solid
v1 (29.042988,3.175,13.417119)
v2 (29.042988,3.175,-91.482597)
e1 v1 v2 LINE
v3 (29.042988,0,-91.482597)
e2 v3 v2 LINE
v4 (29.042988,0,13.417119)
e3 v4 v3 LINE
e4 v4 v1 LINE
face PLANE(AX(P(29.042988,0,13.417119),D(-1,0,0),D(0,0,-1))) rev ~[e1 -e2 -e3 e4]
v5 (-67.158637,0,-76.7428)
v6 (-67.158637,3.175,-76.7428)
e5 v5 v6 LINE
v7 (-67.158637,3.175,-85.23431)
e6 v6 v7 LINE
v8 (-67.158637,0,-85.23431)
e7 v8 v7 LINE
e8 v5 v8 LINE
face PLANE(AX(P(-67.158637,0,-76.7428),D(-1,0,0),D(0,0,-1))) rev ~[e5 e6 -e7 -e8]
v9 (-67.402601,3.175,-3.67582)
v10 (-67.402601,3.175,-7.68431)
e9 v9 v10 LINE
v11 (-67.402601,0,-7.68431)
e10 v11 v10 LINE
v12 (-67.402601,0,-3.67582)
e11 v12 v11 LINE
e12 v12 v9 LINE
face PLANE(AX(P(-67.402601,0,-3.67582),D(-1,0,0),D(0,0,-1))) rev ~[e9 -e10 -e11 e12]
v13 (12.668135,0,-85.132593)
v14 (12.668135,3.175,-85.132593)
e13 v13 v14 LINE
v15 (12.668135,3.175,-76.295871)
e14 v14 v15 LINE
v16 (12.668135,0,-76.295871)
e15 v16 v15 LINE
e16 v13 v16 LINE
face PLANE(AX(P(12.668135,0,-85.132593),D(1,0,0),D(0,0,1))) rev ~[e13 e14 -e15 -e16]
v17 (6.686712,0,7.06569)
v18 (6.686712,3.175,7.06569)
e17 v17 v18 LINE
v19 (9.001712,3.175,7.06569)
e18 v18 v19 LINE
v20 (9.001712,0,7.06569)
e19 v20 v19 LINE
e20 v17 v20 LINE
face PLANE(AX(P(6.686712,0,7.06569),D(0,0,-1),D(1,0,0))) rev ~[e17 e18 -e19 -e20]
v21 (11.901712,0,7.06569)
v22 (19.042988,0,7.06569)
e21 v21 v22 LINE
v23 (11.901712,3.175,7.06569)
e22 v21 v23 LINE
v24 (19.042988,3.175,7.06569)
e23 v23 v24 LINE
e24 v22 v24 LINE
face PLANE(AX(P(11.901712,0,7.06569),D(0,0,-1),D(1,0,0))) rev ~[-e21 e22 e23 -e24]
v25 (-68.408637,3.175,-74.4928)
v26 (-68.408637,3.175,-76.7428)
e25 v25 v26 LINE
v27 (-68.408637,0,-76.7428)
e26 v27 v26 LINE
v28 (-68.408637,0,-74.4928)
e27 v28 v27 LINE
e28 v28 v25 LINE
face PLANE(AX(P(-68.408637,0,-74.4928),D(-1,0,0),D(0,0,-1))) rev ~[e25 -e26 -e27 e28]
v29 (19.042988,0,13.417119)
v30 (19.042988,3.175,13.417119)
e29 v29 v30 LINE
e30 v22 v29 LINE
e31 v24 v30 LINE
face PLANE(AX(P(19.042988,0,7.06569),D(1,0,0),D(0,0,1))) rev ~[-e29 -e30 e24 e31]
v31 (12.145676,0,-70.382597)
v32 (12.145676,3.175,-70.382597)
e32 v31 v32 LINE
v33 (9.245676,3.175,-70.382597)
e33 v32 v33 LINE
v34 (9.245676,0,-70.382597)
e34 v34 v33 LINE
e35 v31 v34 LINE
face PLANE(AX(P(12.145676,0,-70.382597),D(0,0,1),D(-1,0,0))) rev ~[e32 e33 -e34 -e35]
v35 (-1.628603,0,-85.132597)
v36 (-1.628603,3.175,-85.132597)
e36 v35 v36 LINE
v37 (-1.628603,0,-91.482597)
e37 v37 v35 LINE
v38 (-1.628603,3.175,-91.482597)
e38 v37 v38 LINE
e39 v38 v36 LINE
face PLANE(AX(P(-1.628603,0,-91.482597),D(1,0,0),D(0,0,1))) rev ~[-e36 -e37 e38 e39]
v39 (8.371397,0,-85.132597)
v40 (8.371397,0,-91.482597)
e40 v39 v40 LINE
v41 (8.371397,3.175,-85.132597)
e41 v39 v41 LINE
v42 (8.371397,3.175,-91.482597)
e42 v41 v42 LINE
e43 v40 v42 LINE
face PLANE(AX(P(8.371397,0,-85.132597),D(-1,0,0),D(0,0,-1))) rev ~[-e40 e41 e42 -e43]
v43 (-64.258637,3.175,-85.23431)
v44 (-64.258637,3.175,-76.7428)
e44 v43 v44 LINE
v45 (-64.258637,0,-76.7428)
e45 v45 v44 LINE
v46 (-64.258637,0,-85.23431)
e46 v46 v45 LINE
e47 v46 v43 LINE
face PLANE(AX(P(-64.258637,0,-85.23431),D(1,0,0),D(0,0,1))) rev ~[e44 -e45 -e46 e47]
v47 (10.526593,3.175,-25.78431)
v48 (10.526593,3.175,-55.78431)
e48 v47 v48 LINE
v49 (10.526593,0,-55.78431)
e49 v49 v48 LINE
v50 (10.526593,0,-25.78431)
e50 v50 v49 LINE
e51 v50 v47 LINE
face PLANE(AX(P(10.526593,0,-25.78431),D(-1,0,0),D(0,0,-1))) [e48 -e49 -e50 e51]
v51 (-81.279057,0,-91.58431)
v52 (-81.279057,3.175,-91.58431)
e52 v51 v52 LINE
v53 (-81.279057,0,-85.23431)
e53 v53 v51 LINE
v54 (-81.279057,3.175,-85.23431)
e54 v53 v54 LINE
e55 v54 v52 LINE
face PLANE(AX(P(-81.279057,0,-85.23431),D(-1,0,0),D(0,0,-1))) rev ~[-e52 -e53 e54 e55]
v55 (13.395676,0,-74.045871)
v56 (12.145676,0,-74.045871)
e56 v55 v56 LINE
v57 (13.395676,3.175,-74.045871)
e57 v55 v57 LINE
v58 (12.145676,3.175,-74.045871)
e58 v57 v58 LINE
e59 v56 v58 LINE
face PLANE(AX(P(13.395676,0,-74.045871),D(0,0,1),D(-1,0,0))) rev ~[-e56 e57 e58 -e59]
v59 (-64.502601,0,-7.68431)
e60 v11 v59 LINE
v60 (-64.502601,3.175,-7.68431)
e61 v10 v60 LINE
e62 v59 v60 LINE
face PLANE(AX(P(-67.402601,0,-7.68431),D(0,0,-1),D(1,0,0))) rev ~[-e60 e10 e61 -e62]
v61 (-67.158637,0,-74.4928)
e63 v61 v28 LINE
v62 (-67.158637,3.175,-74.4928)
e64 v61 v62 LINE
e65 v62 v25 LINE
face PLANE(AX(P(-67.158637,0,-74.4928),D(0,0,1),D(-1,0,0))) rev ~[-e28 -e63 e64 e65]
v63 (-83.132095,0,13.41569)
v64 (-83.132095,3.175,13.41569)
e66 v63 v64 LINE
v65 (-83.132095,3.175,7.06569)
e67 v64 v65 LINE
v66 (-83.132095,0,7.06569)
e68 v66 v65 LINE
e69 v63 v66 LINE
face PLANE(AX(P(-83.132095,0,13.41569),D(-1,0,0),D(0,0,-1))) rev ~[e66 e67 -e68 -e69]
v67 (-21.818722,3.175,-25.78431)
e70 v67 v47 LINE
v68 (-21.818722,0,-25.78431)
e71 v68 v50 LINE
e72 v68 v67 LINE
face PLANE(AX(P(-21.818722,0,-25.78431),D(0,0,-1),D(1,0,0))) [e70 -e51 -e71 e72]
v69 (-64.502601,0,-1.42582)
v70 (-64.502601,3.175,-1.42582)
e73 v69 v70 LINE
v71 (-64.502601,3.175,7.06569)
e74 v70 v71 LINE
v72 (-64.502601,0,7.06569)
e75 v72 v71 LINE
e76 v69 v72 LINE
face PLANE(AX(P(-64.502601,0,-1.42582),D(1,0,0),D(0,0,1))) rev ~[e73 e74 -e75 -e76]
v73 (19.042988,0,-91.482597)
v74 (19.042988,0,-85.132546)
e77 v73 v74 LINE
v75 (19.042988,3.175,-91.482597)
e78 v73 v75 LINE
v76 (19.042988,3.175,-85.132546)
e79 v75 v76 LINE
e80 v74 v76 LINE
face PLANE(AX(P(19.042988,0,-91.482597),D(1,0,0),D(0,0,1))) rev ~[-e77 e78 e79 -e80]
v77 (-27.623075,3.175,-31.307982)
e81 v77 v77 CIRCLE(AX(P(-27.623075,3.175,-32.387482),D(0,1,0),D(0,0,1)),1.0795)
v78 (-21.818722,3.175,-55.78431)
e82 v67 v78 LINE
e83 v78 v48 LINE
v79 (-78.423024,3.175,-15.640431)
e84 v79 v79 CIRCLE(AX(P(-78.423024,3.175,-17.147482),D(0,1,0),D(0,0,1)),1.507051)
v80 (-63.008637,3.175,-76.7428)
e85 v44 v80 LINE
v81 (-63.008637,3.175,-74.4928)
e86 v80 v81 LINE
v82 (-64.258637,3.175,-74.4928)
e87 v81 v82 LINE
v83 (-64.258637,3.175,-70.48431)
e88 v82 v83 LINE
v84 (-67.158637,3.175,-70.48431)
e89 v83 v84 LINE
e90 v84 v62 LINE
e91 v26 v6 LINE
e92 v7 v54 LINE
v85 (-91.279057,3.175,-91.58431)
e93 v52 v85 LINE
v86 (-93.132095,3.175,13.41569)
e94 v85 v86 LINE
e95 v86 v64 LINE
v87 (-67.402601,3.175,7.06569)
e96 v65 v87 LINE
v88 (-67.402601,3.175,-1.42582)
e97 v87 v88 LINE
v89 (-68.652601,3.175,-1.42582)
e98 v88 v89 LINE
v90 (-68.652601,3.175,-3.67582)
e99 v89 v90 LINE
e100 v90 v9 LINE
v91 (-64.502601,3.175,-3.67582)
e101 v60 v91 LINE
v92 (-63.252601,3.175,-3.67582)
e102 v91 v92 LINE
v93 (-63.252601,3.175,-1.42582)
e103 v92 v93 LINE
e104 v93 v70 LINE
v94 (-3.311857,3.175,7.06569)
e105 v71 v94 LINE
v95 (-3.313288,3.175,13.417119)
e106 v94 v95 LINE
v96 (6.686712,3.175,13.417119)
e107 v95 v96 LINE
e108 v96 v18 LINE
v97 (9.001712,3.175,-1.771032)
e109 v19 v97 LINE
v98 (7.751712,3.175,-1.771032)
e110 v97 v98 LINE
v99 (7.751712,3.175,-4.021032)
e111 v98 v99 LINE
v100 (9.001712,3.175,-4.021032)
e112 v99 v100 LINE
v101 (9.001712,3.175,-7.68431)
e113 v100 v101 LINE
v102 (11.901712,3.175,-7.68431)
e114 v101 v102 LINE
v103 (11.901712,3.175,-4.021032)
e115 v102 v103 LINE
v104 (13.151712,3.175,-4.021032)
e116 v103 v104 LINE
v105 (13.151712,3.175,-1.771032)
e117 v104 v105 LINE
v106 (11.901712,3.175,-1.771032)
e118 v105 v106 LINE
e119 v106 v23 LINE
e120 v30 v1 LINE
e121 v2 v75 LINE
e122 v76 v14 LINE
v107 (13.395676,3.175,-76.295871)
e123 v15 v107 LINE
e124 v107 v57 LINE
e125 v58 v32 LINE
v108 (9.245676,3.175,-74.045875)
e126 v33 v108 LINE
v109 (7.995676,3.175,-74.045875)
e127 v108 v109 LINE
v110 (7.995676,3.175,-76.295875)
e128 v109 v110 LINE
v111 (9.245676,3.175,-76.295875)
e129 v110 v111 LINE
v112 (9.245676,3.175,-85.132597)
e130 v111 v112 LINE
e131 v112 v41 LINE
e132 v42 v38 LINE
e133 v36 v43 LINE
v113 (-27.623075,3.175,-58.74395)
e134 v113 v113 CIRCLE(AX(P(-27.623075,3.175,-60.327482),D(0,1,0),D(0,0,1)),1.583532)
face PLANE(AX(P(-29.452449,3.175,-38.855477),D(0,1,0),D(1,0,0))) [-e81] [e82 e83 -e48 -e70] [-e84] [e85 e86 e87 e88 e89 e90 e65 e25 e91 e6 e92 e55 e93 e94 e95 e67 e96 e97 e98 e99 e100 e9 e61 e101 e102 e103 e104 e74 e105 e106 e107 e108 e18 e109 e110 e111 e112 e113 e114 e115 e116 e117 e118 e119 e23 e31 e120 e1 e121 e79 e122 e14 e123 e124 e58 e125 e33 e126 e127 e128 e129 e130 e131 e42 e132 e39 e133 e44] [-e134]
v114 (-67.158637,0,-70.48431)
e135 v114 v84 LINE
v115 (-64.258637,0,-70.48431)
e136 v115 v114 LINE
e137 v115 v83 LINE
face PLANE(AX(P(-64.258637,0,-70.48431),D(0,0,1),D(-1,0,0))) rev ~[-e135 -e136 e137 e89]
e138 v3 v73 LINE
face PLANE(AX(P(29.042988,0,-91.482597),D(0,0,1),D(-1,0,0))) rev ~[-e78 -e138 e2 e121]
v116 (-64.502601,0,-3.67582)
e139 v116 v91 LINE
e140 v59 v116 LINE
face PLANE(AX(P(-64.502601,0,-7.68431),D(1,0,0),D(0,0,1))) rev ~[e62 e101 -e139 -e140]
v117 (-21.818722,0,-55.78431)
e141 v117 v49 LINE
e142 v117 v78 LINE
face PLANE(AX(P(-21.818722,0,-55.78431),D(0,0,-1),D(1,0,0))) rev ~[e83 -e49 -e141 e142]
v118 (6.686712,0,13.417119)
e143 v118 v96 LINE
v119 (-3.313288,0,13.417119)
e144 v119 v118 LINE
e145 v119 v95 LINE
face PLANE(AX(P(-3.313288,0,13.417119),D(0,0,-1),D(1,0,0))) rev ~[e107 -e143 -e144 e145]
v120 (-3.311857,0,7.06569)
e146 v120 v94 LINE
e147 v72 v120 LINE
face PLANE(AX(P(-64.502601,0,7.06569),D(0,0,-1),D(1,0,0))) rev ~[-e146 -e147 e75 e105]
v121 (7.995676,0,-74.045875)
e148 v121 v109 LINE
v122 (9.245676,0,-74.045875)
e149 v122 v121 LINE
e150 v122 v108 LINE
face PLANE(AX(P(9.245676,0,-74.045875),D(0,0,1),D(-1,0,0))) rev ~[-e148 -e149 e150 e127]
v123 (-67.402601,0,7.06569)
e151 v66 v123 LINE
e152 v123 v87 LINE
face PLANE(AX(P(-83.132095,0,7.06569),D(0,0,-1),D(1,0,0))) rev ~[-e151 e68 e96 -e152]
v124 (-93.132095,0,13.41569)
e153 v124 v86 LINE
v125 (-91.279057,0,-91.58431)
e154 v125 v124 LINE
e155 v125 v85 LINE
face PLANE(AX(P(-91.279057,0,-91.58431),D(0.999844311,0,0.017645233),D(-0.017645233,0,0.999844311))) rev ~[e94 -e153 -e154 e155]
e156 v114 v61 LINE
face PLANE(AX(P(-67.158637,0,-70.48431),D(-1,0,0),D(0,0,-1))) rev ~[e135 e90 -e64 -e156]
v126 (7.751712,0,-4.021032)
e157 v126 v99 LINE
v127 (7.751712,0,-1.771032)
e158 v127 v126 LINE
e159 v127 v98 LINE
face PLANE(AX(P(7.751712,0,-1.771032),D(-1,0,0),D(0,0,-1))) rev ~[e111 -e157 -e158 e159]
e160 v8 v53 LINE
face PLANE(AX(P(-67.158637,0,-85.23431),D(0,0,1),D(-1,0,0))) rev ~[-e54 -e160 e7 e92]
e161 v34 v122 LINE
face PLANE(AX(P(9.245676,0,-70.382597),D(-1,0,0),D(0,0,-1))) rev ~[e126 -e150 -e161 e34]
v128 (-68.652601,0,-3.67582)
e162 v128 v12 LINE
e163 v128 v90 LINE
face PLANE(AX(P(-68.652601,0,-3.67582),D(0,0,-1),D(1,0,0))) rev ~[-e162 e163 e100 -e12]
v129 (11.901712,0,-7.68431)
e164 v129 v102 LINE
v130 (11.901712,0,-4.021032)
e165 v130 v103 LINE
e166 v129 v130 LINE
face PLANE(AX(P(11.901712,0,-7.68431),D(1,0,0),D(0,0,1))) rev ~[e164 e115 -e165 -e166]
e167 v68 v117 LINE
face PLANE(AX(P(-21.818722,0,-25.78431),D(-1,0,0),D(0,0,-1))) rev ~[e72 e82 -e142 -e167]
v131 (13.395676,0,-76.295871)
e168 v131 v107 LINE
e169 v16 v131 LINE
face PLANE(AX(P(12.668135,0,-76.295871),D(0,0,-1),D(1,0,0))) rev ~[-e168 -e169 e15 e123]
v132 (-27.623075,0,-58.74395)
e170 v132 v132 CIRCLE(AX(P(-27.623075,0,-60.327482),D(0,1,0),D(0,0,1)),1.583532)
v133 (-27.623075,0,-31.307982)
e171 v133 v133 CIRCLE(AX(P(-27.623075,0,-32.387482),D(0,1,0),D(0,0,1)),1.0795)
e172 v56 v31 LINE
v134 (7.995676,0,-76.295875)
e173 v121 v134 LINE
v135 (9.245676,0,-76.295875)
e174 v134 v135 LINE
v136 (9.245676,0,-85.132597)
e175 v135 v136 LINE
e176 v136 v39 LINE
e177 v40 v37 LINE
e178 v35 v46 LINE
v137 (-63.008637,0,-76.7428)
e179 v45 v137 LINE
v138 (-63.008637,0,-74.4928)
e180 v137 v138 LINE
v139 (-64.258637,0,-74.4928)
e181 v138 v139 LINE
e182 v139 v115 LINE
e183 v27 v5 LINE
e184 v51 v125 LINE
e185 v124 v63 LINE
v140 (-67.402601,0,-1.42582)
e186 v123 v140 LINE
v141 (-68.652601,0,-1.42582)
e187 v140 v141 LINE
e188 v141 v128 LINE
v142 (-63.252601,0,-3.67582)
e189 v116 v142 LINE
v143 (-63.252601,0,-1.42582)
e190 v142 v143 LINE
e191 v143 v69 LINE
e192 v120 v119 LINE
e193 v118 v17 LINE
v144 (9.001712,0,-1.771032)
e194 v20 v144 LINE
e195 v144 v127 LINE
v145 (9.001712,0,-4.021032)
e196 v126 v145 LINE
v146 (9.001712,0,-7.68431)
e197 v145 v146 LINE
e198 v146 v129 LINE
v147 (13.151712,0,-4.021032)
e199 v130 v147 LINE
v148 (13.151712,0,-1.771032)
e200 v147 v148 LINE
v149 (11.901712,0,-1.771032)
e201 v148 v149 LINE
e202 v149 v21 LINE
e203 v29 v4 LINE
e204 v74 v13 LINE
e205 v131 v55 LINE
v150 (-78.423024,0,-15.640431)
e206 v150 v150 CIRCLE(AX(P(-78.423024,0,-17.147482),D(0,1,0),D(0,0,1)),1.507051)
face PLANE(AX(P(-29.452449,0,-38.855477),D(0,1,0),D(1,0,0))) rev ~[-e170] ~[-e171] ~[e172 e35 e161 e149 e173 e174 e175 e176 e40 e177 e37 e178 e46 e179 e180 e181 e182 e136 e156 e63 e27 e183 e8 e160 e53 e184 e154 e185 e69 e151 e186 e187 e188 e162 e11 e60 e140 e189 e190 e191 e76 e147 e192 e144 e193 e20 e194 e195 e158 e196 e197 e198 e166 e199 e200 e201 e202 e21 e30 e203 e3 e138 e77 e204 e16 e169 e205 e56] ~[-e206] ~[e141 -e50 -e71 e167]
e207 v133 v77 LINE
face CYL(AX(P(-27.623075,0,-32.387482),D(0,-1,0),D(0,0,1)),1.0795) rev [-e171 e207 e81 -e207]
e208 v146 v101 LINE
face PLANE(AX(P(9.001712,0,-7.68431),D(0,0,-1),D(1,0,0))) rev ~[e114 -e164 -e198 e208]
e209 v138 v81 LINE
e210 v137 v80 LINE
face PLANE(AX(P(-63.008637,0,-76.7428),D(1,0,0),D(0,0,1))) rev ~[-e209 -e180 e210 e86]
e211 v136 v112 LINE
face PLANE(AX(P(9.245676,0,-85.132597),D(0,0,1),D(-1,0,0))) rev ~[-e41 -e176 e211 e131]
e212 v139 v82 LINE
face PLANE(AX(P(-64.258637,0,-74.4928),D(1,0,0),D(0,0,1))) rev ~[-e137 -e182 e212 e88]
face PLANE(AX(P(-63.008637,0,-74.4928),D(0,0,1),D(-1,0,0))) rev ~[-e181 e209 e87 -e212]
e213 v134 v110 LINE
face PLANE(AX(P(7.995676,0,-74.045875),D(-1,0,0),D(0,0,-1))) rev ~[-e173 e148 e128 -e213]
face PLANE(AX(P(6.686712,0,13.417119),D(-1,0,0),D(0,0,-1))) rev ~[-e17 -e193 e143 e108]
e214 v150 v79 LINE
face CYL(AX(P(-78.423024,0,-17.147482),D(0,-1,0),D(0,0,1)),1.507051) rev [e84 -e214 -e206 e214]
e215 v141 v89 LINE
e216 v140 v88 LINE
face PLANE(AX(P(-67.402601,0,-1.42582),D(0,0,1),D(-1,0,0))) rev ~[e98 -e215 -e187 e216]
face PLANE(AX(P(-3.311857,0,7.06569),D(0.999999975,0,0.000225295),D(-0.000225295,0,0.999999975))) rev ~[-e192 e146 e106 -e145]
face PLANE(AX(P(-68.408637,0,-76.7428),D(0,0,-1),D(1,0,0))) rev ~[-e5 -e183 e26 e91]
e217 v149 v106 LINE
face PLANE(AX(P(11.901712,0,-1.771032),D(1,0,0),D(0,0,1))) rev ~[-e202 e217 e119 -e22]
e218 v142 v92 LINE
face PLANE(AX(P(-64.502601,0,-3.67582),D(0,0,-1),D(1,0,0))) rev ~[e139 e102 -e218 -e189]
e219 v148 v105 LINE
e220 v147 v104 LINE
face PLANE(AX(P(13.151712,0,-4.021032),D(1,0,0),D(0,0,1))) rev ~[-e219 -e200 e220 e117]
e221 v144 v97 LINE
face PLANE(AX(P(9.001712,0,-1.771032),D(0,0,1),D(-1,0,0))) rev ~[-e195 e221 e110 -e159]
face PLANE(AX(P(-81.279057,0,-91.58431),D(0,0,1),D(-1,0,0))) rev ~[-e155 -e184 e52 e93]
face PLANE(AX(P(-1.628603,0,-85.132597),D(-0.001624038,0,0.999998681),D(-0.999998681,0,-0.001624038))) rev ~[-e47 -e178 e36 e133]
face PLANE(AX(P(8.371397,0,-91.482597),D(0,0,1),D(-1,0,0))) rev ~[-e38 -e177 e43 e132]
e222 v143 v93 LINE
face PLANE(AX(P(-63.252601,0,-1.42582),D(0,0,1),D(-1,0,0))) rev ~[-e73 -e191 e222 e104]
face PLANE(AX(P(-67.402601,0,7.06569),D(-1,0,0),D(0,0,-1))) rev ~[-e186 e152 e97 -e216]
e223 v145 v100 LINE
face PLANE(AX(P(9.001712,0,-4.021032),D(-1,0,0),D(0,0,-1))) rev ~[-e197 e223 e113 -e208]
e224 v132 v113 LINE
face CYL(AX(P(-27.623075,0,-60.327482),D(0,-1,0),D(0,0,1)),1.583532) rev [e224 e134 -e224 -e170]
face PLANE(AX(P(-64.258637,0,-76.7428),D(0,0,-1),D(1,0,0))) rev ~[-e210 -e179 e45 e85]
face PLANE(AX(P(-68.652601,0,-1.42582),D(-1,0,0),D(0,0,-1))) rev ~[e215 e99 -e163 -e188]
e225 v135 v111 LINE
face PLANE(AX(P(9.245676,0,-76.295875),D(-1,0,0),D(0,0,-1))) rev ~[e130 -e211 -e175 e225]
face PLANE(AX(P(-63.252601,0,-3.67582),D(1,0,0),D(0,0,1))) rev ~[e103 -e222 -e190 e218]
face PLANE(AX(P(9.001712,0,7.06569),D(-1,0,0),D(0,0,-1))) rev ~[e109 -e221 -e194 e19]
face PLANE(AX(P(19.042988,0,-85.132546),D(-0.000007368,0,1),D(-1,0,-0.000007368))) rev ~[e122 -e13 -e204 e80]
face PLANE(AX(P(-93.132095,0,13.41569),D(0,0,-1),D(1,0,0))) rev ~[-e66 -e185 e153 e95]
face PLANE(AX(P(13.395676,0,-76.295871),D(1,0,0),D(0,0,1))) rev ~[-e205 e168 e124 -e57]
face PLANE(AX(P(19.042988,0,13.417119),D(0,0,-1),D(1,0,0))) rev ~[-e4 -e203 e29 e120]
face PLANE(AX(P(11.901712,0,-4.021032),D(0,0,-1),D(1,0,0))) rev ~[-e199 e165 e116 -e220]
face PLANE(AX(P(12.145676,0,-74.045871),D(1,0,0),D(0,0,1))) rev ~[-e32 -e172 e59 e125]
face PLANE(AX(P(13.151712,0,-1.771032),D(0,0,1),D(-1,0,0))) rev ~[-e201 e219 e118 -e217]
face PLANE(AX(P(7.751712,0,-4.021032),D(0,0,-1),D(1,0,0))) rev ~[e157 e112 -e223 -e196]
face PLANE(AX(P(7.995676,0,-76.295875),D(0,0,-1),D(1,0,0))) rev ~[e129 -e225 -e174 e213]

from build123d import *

# Parameters (mm, degrees)
SKETCH1_R      = 1.50705101
SKETCH1_R_2    = 1.0795
SKETCH1_R_3    = 1.58353158
SKETCH1_W      = 32.345315457
SKETCH1_H      = 30
EXTRUDE1_DEPTH = 3.175


with BuildPart() as part:
    # Sketch1 → Extrude1 (new body)
    with BuildSketch(Plane(origin=(0, 0, 0), x_dir=(1, 0, 0), z_dir=(0, 1, 0))):
        Polygon((-67.158636898, 70.484310302), (-67.158636898, 74.492800404), (-68.408636898, 74.492800404), (-68.408636898, 76.742800404), (-67.158636898, 76.742800404), (-67.158636898, 85.234310302), (-81.279057464, 85.234310302), (-81.279057464, 91.584310302), (-91.279057464, 91.584310302), (-93.1320954, -13.415689698), (-83.1320954, -13.415689698), (-83.1320954, -7.065689698), (-67.402600688, -7.065689698), (-67.402600688, 1.425820201), (-68.652600688, 1.425820201), (-68.652600688, 3.675820201), (-67.402600688, 3.675820201), (-67.402600688, 7.684310302), (-64.502600688, 7.684310302), (-64.502600688, 3.675820201), (-63.252600688, 3.675820201), (-63.252600688, 1.425820201), (-64.502600688, 1.425820201), (-64.502600688, -7.065689698), (-3.311856943, -7.065689698), (-3.31328789, -13.417119454), (6.68671211, -13.417119454), (6.68671211, -7.065689698), (9.00171211, -7.065689698), (9.00171211, 1.771032224), (7.75171211, 1.771032224), (7.75171211, 4.021032224), (9.00171211, 4.021032224), (9.00171211, 7.684310302), (11.90171211, 7.684310302), (11.90171211, 4.021032224), (13.15171211, 4.021032224), (13.15171211, 1.771032224), (11.90171211, 1.771032224), (11.90171211, -7.065689698), (19.042987782, -7.065689698), (19.042987782, -13.417119454), (29.042987782, -13.417119454), (29.042987782, 91.482596586), (19.042987782, 91.482596586), (19.042987782, 85.132545763), (12.668135492, 85.132592736), (12.668135492, 76.295870815), (13.395675901, 76.295870815), (13.395675901, 74.045870815), (12.145675901, 74.045870815), (12.145675901, 70.382596586), (9.245675901, 70.382596586), (9.245675901, 74.045874665), (7.995675901, 74.045874665), (7.995675901, 76.295874665), (9.245675901, 76.295874665), (9.245675901, 85.132596586), (8.371396704, 85.132596586), (8.371396704, 91.482596586), (-1.628603296, 91.482596586), (-1.628603296, 85.132596586), (-64.258636898, 85.234310302), (-64.258636898, 76.742800404), (-63.008636898, 76.742800404), (-63.008636898, 74.492800404), (-64.258636898, 74.492800404), (-64.258636898, 70.484310302), align=None)
        with Locations(Location((-78.42302428, 17.147481819, 0), (0, 0, 270))):
            Circle(SKETCH1_R, mode=Mode.SUBTRACT)
        with Locations(Location((-27.62307508, 32.387481819, 0), (0, 0, 270))):
            Circle(SKETCH1_R_2, mode=Mode.SUBTRACT)
        with Locations(Location((-27.62307508, 60.327481819, 0), (0, 0, 270))):
            Circle(SKETCH1_R_3, mode=Mode.SUBTRACT)
        with Locations((-5.646064502, 40.784310302)):
            Rectangle(SKETCH1_W, SKETCH1_H, mode=Mode.SUBTRACT)
    extrude(amount=EXTRUDE1_DEPTH)


solid = part.part
